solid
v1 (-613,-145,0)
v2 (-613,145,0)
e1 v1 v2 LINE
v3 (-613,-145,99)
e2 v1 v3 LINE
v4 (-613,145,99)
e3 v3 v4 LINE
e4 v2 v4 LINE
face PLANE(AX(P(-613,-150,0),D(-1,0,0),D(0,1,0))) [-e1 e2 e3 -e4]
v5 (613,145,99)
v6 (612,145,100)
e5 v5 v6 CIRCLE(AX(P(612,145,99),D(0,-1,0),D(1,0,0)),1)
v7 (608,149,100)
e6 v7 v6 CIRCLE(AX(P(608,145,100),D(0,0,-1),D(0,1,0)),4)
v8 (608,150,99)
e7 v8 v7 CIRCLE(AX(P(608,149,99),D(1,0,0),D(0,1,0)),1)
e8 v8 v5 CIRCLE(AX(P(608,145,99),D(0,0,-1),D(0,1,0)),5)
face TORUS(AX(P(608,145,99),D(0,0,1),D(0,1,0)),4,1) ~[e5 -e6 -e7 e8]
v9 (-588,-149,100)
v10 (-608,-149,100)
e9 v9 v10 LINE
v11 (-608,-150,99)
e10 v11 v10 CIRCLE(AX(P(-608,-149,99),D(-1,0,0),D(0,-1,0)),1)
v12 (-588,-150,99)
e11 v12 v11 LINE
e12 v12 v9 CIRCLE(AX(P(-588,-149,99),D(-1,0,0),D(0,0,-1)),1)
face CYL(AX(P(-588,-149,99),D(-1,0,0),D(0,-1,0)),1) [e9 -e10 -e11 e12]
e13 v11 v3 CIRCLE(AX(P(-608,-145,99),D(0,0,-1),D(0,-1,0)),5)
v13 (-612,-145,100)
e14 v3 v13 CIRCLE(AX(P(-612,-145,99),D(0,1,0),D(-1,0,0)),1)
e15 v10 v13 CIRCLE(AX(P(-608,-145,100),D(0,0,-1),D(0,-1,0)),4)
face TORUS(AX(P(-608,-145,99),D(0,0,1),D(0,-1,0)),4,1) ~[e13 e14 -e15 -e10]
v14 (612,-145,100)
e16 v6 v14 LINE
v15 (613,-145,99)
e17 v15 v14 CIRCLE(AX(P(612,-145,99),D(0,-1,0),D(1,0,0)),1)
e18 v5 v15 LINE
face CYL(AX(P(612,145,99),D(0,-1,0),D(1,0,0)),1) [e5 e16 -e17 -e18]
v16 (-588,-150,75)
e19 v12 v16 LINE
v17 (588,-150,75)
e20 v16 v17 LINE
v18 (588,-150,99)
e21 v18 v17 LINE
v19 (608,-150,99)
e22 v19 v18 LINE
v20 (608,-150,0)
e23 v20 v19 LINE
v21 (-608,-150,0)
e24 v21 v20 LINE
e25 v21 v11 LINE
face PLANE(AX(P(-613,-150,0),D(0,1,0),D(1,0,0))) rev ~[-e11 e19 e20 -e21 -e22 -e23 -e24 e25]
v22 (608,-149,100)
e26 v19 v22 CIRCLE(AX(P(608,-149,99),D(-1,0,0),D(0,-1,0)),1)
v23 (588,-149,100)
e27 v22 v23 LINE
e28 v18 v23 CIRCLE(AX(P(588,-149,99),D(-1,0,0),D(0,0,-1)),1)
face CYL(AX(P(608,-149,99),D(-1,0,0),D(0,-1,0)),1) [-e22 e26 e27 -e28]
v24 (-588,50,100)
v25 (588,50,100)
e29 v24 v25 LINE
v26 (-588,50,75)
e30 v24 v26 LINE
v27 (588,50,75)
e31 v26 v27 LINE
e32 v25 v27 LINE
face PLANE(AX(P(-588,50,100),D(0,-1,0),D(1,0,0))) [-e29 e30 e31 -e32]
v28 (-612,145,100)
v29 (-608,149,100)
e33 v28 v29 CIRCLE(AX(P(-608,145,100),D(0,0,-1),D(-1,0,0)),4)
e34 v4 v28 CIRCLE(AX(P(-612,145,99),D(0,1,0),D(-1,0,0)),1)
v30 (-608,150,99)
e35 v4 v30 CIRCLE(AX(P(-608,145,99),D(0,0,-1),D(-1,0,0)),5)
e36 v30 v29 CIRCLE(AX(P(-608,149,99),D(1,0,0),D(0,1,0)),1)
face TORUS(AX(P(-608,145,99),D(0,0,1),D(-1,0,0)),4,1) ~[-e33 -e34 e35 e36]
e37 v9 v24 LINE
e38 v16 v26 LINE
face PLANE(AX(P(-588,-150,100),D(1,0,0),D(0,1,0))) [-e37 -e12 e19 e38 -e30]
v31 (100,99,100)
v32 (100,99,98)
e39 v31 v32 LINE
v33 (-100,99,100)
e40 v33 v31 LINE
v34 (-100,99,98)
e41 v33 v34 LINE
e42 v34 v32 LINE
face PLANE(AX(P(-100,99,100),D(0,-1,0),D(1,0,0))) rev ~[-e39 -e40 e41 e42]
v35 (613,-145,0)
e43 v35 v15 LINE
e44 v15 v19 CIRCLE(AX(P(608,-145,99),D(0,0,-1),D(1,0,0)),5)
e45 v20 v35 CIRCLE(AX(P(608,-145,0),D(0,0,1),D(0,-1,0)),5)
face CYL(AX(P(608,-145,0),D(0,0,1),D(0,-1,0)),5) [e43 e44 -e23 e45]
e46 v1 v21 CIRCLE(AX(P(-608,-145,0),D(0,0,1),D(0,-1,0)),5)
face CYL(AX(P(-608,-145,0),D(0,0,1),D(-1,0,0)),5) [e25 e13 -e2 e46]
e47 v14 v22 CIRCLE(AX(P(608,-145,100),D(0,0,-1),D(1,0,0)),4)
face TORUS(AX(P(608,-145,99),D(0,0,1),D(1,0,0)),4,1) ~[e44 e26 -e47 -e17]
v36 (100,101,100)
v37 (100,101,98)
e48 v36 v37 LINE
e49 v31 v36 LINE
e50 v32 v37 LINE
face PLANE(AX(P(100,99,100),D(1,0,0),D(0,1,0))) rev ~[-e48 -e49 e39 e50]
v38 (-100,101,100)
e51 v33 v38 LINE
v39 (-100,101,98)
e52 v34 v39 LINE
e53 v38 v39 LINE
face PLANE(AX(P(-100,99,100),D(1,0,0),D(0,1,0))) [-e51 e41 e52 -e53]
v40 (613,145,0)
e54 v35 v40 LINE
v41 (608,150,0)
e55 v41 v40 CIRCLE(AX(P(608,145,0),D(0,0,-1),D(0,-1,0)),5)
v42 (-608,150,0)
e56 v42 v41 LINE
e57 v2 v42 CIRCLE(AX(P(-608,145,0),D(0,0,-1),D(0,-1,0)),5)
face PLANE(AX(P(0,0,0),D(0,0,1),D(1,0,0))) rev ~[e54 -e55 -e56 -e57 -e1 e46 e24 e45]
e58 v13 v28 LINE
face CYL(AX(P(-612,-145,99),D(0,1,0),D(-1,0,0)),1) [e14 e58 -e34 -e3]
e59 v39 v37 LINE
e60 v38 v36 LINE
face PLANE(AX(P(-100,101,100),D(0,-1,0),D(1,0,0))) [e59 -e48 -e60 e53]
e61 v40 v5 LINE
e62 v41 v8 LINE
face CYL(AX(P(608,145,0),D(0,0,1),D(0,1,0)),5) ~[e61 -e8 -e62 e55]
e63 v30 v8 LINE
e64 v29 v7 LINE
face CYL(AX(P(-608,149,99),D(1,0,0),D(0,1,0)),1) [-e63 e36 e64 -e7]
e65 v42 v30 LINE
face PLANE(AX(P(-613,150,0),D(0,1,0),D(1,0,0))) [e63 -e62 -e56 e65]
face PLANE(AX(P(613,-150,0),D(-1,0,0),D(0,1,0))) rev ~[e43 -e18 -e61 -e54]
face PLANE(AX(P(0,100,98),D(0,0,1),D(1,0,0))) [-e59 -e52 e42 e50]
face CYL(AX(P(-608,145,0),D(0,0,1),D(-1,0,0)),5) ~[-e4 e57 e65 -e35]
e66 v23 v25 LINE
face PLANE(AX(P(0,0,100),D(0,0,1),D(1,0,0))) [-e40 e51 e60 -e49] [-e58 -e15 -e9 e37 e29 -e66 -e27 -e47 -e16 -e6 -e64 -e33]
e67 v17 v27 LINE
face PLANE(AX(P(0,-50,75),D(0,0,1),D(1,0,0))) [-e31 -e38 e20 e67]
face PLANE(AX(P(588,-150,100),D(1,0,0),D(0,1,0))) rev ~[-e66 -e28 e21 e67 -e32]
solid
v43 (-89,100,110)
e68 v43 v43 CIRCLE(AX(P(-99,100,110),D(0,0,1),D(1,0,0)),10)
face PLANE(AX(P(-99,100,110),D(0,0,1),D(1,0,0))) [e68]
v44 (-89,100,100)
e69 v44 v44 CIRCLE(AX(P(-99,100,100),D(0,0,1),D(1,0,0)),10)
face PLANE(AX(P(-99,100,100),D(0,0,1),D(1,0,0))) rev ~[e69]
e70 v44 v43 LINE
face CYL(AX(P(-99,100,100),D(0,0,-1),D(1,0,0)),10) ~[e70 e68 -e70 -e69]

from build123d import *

# Parameters (mm, degrees)
F0_W     = 1226
F0_H     = 300
F1_DEPTH = 100
F2_W     = 1176
F2_H     = 200
F3_DEPTH = 25
F4_W     = 200
F4_H     = 2
F5_DEPTH = 2
F6_R     = 10
F7_DEPTH = 10
F8_R     = 5
F9_R     = 1


with BuildPart() as f1:
    # F0 (on Top) → F1 (new body)
    with BuildSketch(Plane.XY):
        Rectangle(F0_W, F0_H)
    extrude(amount=F1_DEPTH)

    # F2 (on face) → F3 (cut)
    with BuildSketch(Plane.XY.offset(100)):
        with Locations((0, -50)):
            Rectangle(F2_W, F2_H)
    extrude(amount=-F3_DEPTH, mode=Mode.SUBTRACT)

    # F4 (on face) → F5 (cut)
    with BuildSketch(Plane.XY.offset(100)):
        with Locations((0, 100)):
            Rectangle(F4_W, F4_H)
    extrude(amount=-F5_DEPTH, mode=Mode.SUBTRACT)

    # F8
    f8_edges = [f1.edges().sort_by_distance(p)[0] for p in [
        (-613, 150, 50),
        (-613, -150, 50),
        (613, -150, 50),
        (613, 150, 50),
    ]]
    fillet(f8_edges, radius=F8_R)

    # F9
    f9_edges = [f1.edges().sort_by_distance(p)[0] for p in [
        (-613, 0, 100),
    ]]
    fillet(f9_edges, radius=F9_R)


with BuildPart() as f7:
    # F6 (on face) → F7 (new body)
    with BuildSketch(Plane.XY.offset(100)):
        with Locations((-99, 100)):
            Circle(F6_R)
    extrude(amount=F7_DEPTH)


solid = Compound([f1.part, f7.part])
